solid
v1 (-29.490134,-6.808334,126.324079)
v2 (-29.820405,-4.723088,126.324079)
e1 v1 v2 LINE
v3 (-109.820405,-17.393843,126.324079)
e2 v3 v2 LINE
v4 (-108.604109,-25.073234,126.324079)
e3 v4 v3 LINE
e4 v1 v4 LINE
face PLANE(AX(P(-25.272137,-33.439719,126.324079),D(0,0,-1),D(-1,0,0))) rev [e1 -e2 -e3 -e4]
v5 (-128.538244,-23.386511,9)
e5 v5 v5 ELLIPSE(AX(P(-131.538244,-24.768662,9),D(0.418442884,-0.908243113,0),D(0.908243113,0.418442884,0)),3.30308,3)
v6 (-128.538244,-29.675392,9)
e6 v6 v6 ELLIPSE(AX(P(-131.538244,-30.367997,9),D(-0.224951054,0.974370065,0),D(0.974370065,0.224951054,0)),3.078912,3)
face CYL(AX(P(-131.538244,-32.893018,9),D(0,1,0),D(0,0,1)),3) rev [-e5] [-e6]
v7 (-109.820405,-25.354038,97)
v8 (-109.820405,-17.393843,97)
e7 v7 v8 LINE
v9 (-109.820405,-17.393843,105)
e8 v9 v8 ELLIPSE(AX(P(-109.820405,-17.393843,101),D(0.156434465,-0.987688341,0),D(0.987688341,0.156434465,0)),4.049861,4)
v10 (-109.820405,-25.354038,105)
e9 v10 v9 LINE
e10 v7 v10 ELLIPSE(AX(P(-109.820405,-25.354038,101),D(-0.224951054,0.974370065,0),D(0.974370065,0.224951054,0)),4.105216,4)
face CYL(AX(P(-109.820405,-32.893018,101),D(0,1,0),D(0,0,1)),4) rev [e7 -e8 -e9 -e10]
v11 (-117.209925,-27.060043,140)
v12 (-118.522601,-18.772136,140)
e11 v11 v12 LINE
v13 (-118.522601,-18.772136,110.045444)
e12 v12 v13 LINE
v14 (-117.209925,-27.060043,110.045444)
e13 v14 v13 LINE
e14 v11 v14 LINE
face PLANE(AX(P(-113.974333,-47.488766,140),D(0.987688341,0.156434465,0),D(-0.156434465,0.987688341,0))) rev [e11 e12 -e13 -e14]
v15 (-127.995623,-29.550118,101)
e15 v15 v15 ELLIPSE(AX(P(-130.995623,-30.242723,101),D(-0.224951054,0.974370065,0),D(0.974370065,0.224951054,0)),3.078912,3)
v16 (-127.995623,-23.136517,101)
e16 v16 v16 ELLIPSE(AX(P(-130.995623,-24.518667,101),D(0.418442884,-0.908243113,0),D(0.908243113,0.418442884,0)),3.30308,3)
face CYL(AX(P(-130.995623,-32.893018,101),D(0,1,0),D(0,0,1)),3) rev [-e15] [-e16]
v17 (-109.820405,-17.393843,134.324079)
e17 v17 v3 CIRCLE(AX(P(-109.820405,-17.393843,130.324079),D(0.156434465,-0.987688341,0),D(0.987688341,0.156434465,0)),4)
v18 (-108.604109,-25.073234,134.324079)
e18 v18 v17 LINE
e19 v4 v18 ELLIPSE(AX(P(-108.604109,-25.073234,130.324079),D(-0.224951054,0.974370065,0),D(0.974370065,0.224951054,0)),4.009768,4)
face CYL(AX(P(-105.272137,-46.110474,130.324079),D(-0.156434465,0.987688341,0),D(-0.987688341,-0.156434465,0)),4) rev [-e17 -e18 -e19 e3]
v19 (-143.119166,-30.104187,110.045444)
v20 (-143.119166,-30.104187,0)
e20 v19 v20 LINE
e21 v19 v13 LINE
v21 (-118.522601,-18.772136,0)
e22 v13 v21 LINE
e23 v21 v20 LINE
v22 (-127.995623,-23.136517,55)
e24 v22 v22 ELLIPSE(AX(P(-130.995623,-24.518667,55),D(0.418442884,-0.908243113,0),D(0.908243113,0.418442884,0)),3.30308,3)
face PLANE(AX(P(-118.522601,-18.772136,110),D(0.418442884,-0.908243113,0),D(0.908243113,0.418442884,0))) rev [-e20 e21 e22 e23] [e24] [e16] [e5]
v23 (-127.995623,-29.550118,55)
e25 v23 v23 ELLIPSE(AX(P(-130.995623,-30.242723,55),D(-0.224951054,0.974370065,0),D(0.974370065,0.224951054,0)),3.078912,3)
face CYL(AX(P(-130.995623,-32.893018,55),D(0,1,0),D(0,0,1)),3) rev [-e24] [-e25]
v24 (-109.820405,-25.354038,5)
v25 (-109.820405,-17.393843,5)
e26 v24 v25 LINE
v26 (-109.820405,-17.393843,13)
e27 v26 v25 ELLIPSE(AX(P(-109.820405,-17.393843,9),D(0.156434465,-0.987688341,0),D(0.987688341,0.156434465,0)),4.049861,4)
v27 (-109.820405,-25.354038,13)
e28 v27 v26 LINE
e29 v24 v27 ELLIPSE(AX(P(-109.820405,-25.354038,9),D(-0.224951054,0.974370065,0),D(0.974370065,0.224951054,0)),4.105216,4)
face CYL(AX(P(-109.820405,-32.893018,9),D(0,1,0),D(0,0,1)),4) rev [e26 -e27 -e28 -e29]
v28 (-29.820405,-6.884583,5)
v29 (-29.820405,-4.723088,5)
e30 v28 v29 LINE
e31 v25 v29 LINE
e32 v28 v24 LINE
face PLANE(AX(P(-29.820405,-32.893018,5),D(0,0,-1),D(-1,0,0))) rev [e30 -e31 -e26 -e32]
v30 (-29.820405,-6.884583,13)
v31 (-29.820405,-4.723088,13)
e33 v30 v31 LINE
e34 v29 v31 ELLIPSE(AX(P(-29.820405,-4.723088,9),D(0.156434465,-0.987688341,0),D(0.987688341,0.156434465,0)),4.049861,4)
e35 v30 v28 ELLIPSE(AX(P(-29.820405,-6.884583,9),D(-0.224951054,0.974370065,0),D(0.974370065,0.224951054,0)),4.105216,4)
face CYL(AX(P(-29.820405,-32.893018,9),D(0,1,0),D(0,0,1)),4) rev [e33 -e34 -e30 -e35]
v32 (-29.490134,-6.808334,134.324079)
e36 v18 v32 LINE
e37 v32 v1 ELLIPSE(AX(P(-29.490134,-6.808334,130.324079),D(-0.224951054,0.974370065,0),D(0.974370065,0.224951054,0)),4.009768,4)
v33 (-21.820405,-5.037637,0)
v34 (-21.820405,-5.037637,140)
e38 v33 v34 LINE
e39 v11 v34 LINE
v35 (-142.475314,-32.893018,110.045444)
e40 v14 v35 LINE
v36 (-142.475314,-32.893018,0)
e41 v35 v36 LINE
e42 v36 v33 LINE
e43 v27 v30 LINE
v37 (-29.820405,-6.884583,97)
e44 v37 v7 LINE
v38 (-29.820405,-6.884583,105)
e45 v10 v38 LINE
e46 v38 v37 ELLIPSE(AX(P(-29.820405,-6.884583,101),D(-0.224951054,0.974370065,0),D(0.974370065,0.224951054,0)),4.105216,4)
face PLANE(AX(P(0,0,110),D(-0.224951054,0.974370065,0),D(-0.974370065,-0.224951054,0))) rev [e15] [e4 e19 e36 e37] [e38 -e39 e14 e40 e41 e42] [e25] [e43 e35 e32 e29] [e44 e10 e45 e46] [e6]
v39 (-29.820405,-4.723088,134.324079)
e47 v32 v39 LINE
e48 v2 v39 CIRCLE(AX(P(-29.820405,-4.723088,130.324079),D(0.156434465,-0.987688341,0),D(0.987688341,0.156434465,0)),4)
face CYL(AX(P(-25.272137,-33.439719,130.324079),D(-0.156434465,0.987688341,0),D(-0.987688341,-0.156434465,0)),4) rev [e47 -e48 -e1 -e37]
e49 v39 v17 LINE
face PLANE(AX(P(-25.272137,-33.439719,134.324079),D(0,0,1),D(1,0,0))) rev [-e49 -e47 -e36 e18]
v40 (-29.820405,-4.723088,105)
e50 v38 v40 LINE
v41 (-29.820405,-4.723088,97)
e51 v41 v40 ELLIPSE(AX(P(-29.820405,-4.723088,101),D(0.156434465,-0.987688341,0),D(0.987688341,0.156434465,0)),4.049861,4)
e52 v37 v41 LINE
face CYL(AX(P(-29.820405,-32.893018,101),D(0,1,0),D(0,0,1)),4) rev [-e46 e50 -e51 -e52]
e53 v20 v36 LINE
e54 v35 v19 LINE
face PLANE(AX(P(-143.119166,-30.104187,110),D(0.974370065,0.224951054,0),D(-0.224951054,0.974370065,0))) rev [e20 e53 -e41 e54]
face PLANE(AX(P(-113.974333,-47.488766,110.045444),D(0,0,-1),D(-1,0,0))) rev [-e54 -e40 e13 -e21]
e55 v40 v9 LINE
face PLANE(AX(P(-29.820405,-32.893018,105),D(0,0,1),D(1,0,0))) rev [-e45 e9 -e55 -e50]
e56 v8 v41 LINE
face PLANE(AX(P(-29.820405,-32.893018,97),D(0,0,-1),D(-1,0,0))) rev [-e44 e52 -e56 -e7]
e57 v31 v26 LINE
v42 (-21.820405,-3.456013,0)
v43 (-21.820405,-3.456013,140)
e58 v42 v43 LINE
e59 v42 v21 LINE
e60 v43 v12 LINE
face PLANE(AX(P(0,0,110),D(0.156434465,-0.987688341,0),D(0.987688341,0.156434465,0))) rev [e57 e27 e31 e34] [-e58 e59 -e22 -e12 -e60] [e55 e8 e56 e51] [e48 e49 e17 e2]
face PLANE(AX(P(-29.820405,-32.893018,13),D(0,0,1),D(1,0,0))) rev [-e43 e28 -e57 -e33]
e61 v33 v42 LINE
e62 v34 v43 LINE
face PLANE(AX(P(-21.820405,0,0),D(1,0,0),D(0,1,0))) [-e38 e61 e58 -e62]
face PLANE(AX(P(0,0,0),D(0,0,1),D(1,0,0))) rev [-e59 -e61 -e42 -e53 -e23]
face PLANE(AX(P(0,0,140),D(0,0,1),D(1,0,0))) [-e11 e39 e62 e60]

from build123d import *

# Parameters (mm, degrees)
BOSS_EXTRUDE1_DEPTH     = 110
CUT_EXTRUDE1_DEPTH      = 1
CUT_EXTRUDE1_DEPTH_BACK = 111
SKETCH4_R               = 3
CUT_EXTRUDE2_DEPTH      = 1
CUT_EXTRUDE2_DEPTH_BACK = 43.893018073
BOSS_EXTRUDE2_DEPTH     = 30
SKETCH6_W               = 26.1276751
SKETCH6_H               = 29.954556473
CUT_EXTRUDE3_DEPTH      = 19.975306871
CUT_EXTRUDE3_DEPTH_BACK = 30.07458706


with BuildPart() as part:
    # Sketch1 → Boss-Extrude1 (new body)
    with BuildSketch(Plane.XY):
        Polygon((0, 0), (-142.475314215, -32.893018073), (-143.119166497, -30.104187448), (-118.522600871, -18.772135805), align=None)
    extrude(amount=BOSS_EXTRUDE1_DEPTH)

    # Sketch2 → Cut-Extrude1 (cut, two sides)
    with BuildSketch(Plane.XY.offset(110)) as cut_extrude1_sk:
        Polygon((-21.820404963, -3.456012628), (-21.820404963, -5.037637423), (0, 0), align=None)
    extrude(amount=CUT_EXTRUDE1_DEPTH, mode=Mode.SUBTRACT)
    extrude(cut_extrude1_sk.sketch, amount=-CUT_EXTRUDE1_DEPTH_BACK, mode=Mode.SUBTRACT)

    # Sketch4 → Cut-Extrude2 (cut, two sides)
    with BuildSketch(Plane(origin=(0, 10, 0), x_dir=(1, 0, 0), z_dir=(0, 1, 0))) as cut_extrude2_sk:
        with Locations((-130.995623221, -101)):
            Circle(SKETCH4_R)
        with Locations((-131.538244407, -9)):
            Circle(SKETCH4_R)
        with Locations((-130.995623221, -55)):
            Circle(SKETCH4_R)
        with BuildLine():
            Line((-29.820404963, -105), (-109.820404963, -105))
            ThreePointArc((-109.820404963, -105), (-113.820404963, -101), (-109.820404963, -97))
            Line((-109.820404963, -97), (-29.820404963, -97))
            ThreePointArc((-29.820404963, -97), (-25.820404963, -101), (-29.820404963, -105))
        make_face()
        with BuildLine():
            Line((-29.820404963, -5), (-109.820404963, -5))
            ThreePointArc((-109.820404963, -5), (-113.820404963, -9), (-109.820404963, -13))
            Line((-109.820404963, -13), (-29.820404963, -13))
            ThreePointArc((-29.820404963, -13), (-25.820404963, -9), (-29.820404963, -5))
        make_face()
    extrude(amount=CUT_EXTRUDE2_DEPTH, mode=Mode.SUBTRACT)
    extrude(cut_extrude2_sk.sketch, amount=-CUT_EXTRUDE2_DEPTH_BACK, mode=Mode.SUBTRACT)

    # Sketch5 → Boss-Extrude2 (add)
    with BuildSketch(Plane.XY.offset(110)):
        Polygon((-142.475314215, -32.893018073), (-21.820404963, -5.037637423), (-21.820404963, -3.456012628), (-118.522600871, -18.772135805), (-143.119166497, -30.104187448), align=None)
    extrude(amount=BOSS_EXTRUDE2_DEPTH)

    # Sketch6 → Cut-Extrude3 (cut, two sides)
    with BuildSketch(Plane(origin=(0, 0, 0), x_dir=(0.987688341, 0.156434465, 0), z_dir=(-0.156434465, 0.987688341, 0))) as cut_extrude3_sk:
        with BuildLine():
            Line((-30.192120061, -134.324079108), (-111.189330125, -134.324079108))
            ThreePointArc((-111.189330125, -134.324079108), (-115.189330125, -130.324079108), (-111.189330125, -126.324079108))
            Line((-111.189330125, -126.324079108), (-30.192120061, -126.324079108))
            ThreePointArc((-30.192120061, -126.324079108), (-26.192120061, -130.324079108), (-30.192120061, -134.324079108))
        make_face()
        with Locations((-133.06383755, -125.022721764)):
            Rectangle(SKETCH6_W, SKETCH6_H)
    extrude(amount=CUT_EXTRUDE3_DEPTH, mode=Mode.SUBTRACT)
    extrude(cut_extrude3_sk.sketch, amount=-CUT_EXTRUDE3_DEPTH_BACK, mode=Mode.SUBTRACT)


solid = part.part
